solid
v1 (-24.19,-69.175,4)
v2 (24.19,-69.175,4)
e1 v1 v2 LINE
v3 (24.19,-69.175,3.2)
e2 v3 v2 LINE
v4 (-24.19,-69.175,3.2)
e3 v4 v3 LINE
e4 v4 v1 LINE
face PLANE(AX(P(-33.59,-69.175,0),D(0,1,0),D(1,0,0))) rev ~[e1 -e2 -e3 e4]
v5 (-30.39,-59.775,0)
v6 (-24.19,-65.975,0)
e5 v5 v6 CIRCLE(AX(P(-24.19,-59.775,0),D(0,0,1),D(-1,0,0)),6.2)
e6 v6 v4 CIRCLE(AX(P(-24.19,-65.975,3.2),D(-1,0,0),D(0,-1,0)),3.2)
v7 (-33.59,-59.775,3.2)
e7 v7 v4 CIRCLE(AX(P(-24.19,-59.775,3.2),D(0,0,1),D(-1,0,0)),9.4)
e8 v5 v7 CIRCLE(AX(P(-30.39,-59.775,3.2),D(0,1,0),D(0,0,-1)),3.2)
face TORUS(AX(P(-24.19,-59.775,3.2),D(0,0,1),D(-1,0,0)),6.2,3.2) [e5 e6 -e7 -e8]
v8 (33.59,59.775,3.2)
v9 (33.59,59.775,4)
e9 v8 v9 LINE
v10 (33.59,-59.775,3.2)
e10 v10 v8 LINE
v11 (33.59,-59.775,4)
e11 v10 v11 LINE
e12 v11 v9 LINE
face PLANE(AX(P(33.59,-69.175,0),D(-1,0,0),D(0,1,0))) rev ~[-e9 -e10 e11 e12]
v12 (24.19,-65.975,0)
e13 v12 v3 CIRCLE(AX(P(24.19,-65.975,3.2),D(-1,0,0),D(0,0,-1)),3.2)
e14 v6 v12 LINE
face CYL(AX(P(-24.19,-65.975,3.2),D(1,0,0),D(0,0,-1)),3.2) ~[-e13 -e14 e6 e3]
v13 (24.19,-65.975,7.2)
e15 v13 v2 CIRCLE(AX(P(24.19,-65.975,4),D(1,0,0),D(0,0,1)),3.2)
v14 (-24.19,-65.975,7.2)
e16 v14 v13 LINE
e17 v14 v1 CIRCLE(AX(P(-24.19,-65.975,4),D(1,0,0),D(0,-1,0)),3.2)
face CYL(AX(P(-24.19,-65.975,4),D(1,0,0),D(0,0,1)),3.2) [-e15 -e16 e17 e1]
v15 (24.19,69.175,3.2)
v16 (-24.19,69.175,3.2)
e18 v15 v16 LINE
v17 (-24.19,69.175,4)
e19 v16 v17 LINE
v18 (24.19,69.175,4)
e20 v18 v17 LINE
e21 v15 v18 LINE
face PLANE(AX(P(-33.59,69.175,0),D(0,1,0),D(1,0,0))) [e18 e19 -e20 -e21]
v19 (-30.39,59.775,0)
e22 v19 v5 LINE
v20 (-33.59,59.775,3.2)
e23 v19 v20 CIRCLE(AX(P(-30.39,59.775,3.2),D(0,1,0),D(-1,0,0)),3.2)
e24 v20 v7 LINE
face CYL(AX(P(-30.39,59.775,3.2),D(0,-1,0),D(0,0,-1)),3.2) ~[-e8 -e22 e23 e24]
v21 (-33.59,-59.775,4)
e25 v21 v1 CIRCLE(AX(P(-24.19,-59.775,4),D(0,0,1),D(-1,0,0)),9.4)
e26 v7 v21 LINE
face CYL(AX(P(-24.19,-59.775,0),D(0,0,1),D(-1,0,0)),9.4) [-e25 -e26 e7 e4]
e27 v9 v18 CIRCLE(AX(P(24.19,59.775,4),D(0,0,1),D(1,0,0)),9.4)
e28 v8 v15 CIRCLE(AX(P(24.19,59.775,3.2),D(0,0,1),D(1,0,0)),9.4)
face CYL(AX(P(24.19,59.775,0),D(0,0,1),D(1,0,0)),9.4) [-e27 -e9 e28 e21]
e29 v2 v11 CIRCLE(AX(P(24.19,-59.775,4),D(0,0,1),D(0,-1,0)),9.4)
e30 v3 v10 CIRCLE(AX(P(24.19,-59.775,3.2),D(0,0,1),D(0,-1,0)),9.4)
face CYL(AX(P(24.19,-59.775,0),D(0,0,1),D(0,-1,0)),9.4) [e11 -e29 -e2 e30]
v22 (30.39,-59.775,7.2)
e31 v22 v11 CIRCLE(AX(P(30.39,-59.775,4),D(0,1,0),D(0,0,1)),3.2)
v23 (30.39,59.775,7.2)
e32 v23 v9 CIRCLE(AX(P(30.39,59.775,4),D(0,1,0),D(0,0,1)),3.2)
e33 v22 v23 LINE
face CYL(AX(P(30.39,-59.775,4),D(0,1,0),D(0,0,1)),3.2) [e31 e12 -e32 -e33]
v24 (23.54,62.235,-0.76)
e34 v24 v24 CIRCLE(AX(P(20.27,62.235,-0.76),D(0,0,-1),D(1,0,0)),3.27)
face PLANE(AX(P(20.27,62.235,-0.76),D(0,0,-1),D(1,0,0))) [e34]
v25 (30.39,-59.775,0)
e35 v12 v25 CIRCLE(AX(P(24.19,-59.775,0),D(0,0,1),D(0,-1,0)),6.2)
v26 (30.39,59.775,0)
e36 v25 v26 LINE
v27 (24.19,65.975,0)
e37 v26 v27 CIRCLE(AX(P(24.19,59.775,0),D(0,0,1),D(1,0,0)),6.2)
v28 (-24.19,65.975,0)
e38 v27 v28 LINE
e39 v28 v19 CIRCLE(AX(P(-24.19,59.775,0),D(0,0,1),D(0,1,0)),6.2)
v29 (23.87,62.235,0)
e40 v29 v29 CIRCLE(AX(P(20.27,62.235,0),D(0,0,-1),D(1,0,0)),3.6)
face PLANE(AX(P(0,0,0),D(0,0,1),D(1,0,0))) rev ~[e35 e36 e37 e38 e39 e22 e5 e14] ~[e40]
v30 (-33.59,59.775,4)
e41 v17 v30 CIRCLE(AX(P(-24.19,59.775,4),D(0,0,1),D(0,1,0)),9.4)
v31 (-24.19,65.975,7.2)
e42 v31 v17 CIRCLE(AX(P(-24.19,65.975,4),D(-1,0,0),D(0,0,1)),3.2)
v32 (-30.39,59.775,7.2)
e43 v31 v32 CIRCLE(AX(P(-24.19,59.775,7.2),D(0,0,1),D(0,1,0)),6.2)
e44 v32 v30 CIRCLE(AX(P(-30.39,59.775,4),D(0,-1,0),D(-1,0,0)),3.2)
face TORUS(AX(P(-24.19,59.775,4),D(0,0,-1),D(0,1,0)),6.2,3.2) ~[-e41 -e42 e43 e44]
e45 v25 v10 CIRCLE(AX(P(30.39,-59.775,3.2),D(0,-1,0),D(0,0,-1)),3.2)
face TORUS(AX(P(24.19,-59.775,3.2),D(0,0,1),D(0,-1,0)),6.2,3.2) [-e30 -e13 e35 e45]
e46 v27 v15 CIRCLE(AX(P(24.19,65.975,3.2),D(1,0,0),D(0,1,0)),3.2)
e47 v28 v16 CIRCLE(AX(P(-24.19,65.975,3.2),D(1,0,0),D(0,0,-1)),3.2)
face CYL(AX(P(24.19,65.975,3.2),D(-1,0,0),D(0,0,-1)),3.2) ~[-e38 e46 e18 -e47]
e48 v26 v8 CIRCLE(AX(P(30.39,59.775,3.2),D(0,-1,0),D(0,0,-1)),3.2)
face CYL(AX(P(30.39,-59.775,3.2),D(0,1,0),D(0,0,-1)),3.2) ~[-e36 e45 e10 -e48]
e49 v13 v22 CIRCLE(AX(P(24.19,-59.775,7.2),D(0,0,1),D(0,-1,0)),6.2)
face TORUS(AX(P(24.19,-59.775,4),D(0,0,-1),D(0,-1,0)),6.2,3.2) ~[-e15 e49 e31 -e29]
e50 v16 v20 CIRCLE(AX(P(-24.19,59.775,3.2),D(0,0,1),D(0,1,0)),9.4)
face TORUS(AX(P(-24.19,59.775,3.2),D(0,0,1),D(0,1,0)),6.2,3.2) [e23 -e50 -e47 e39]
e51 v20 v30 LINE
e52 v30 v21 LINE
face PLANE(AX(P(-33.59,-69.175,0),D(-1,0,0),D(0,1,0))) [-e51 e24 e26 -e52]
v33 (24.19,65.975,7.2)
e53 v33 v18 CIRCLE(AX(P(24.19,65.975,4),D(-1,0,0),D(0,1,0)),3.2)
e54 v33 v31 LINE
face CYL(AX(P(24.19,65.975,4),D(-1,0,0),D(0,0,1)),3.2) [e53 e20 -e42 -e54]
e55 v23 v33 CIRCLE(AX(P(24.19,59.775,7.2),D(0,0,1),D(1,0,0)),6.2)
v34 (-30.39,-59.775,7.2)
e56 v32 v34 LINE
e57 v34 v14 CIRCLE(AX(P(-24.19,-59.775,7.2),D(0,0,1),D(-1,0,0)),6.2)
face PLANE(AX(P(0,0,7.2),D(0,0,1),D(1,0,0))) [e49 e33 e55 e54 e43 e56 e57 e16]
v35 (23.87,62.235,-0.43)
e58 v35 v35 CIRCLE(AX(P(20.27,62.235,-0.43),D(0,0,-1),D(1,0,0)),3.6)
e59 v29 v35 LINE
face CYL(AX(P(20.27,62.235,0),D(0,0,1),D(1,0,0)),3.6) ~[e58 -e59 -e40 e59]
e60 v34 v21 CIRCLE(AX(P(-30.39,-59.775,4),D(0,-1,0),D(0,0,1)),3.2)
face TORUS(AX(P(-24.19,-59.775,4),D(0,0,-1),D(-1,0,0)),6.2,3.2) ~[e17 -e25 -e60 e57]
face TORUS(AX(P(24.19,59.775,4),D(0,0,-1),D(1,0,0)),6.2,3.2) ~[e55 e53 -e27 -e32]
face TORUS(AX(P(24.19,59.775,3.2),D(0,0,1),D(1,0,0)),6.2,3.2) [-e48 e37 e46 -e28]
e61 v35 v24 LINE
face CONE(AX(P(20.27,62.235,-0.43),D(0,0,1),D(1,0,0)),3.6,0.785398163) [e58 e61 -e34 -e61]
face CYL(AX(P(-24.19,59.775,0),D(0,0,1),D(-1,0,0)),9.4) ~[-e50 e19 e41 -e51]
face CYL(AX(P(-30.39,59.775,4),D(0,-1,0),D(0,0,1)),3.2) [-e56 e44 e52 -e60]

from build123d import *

# Parameters (mm, degrees)
F0_W     = 67.18
F0_H     = 138.35
F1_DEPTH = 7.2
F2_R     = 9.4
F3_R     = 3.2
F4_R     = 3.6
F5_DEPTH = 0.76
F6_SIZE  = 0.33


with BuildPart() as f1:
    # F0 (on Top) → F1 (new body)
    with BuildSketch(Plane.XY):
        Rectangle(F0_W, F0_H)
    extrude(amount=F1_DEPTH)

    # F2
    f2_edges = [f1.edges().sort_by_distance(p)[0] for p in [
        (33.59, 69.175, 3.6),
        (-33.59, 69.175, 3.6),
        (-33.59, -69.175, 3.6),
        (33.59, -69.175, 3.6),
    ]]
    fillet(f2_edges, radius=F2_R)

    # F3
    f3_edges = [f1.edges().sort_by_distance(p)[0] for p in [
        (33.59, 0, 0),
        (33.59, 0, 7.2),
    ]]
    fillet(f3_edges, radius=F3_R)

    # F4 (on face) → F5 (join)
    with BuildSketch(Plane(origin=(0, 0, 0), x_dir=(1, 0, 0), z_dir=(0, 0, -1))):
        with Locations((20.27, -62.235)):
            Circle(F4_R)
    extrude(amount=F5_DEPTH)

    # F6
    f6_edges = [f1.edges().sort_by_distance(p)[0] for p in [
        (16.67, 62.235, -0.76),
    ]]
    chamfer(f6_edges, length=F6_SIZE)


solid = f1.part
